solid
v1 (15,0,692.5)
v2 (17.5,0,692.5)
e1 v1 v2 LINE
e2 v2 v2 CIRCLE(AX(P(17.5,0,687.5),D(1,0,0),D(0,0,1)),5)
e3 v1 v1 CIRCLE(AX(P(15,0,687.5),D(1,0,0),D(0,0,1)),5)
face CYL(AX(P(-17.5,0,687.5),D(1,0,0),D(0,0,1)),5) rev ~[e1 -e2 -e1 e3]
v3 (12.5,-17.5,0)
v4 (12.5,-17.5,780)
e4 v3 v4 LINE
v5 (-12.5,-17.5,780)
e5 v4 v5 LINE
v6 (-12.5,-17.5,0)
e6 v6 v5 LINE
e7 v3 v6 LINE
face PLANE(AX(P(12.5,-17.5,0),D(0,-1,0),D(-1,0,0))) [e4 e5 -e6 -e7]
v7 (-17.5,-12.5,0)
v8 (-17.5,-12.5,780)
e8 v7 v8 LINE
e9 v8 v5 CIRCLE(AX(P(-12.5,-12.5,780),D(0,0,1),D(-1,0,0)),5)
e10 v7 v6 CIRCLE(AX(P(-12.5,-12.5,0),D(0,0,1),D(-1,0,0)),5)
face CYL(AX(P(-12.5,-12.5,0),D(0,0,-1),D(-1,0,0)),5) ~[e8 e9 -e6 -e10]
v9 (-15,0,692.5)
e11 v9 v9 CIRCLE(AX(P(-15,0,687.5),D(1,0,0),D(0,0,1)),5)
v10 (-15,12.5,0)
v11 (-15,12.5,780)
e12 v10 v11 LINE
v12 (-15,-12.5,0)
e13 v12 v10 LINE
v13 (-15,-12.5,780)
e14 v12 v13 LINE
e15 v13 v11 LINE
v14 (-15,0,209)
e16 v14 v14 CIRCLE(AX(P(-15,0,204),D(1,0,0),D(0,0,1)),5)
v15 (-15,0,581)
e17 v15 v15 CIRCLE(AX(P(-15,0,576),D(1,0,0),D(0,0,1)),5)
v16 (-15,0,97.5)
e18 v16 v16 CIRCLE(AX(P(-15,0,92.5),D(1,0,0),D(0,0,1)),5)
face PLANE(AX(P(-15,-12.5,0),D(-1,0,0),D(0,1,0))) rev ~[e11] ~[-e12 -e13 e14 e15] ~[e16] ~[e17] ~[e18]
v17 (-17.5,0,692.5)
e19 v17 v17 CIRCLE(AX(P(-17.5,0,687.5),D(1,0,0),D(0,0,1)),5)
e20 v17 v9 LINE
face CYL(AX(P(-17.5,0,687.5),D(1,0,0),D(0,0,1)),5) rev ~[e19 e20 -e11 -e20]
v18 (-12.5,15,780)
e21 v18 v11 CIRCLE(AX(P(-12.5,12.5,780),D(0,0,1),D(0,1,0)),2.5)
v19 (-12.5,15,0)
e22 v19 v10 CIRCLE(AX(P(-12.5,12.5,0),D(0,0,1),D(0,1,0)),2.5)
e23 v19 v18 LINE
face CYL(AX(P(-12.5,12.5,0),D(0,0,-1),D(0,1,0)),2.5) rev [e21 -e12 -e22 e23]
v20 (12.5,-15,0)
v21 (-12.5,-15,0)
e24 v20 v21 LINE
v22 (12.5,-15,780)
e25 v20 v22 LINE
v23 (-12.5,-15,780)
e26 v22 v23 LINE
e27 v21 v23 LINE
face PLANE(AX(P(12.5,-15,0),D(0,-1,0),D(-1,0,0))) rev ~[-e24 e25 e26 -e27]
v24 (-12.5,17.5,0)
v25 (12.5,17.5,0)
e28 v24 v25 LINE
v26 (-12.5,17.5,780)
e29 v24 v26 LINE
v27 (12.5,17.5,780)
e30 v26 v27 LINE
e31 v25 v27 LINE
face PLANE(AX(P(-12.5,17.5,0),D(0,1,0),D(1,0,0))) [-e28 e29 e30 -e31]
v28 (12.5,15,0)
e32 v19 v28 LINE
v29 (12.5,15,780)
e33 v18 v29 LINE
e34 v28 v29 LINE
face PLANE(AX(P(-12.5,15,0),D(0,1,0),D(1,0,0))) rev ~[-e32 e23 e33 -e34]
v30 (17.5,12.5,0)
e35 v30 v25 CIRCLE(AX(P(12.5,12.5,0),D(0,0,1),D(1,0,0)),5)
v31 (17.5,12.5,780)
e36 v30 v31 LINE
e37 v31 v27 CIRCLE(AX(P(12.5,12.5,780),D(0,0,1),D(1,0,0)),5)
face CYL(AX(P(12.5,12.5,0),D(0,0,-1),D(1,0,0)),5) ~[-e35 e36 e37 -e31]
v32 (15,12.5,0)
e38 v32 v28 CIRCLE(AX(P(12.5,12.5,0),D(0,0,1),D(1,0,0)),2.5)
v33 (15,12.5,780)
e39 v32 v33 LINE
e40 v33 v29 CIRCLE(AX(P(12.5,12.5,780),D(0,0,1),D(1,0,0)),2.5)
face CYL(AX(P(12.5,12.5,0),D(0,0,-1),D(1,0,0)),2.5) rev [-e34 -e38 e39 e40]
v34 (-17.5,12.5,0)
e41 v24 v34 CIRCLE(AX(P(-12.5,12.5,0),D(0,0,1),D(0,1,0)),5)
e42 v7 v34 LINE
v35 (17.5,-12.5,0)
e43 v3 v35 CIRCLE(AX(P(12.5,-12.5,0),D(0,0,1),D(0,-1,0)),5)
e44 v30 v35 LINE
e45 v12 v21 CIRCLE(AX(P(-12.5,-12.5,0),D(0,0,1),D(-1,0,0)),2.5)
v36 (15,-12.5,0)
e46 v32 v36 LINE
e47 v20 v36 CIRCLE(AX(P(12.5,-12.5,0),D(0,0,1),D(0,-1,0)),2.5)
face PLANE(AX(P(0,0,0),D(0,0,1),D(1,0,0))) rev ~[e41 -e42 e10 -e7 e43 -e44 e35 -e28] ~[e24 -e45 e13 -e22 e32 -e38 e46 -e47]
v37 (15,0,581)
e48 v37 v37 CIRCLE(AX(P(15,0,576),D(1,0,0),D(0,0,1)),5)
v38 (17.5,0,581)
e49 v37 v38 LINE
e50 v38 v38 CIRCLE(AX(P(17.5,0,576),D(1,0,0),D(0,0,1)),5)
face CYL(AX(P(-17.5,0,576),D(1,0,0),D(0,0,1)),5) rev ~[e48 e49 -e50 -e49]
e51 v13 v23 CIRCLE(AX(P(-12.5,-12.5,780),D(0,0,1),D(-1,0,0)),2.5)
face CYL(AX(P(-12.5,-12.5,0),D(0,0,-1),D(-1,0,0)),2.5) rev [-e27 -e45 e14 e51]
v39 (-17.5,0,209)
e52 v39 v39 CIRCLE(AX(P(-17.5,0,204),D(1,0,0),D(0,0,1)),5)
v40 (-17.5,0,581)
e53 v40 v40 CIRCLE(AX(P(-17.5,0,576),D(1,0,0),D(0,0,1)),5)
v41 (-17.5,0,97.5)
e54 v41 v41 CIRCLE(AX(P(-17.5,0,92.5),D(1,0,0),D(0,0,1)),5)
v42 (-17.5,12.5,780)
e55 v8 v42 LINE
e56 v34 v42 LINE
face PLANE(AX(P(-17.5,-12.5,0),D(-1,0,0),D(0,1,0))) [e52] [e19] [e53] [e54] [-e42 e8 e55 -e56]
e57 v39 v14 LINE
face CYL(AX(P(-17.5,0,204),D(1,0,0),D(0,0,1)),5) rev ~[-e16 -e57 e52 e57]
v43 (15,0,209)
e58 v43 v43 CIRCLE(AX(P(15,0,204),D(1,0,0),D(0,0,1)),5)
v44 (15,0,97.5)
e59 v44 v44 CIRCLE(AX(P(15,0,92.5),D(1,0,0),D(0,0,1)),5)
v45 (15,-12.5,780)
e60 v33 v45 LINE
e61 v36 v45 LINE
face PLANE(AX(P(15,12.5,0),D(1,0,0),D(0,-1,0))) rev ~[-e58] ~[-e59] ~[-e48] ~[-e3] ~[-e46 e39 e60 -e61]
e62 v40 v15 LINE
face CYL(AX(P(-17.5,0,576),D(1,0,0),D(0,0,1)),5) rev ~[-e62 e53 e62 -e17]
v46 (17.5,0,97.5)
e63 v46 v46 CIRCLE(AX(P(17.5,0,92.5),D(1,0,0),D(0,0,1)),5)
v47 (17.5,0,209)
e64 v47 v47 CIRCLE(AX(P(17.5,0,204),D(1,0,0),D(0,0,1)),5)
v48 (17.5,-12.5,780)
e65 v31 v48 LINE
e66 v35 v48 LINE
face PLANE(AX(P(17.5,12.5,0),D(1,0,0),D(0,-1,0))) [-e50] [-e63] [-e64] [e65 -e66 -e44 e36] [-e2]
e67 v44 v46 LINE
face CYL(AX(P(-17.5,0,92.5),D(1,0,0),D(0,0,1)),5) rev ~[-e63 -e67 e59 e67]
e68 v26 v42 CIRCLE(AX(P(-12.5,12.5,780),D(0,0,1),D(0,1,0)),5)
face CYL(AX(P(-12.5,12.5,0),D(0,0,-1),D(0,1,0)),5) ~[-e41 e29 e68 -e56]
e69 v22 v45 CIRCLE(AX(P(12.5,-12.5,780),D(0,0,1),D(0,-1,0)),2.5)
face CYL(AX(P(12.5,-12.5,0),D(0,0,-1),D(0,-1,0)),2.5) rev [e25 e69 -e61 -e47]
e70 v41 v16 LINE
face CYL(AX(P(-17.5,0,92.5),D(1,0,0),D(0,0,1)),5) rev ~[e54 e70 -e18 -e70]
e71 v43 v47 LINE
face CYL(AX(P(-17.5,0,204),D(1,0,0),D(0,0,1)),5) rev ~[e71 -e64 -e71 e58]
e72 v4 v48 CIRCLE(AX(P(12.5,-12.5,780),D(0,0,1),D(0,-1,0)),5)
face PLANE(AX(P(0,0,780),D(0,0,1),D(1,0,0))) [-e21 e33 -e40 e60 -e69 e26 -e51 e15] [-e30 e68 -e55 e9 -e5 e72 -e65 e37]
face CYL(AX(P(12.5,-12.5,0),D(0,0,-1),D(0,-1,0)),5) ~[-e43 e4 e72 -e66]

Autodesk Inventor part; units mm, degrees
ref_plane "YZ Plane" through (0, 0, 0) normal (1, 0, 0) x (0, 1, 0)
ref_plane "Start plane" through (0, 0, 0) normal (0, 0, 1) x (1, 0, 0)
ref_plane "End plane" through (0, 0, 780) normal (0, 0, 1) x (1, 0, 0)
sketch "Sketch" plane through (0, 0, 0) normal (0, 0, 1) x (1, 0, 0)
  line L0 (-17.5, -12.5) -> (-17.5, 12.5)
  line L1 (-12.5, 17.5) -> (12.5, 17.5)
  line L2 (17.5, 12.5) -> (17.5, -12.5)
  line L3 (12.5, -17.5) -> (-12.5, -17.5)
  arc A0 (-17.5, -12.5) -> (-12.5, -17.5) centre (-12.5, -12.5) ccw
  arc A1 (-12.5, 17.5) -> (-17.5, 12.5) centre (-12.5, 12.5) ccw
  arc A2 (17.5, 12.5) -> (12.5, 17.5) centre (12.5, 12.5) ccw
  arc A3 (12.5, -17.5) -> (17.5, -12.5) centre (12.5, -12.5) ccw
  arc A4 (-12.5, 15) -> (-15, 12.5) centre (-12.5, 12.5) ccw
  line L4 (-12.5, 15) -> (12.5, 15)
  arc A5 (15, 12.5) -> (12.5, 15) centre (12.5, 12.5) ccw
  line L5 (15, 12.5) -> (15, -12.5)
  arc A6 (12.5, -15) -> (15, -12.5) centre (12.5, -12.5) ccw
  line L6 (12.5, -15) -> (-12.5, -15)
  arc A7 (-15, -12.5) -> (-12.5, -15) centre (-12.5, -12.5) ccw
  line L7 (-15, -12.5) -> (-15, 12.5)
  line L8 (0, 25.9497) -> (0, -25.9497) construction
  line L9 (-25.9497, 0) -> (25.9497, 0) construction
  dimension "d7" = 5
  dimension "d10" = 35
  dimension "d11" = 35
  dimension "d12" = 2.5
  dimension "d15" = 17.5
  dimension "d16" = 17.5
extrude "Body" add sketch "Sketch" along normal up to surface (780 mm away) from surface at 0
sketch "Sketch3" plane through (0, 0, 0) normal (0, 0, 1) x (1, 0, 0)
  line L0 (0, 0) -> (10, 0)
ref_plane "Work Plane3" through (0, 0, 0) normal (0, -1, 0) x (1, 0, 0)
sketch "Sketch4" plane through (0, 0, 0) normal (0, -1, 0) x (1, 0, 0)
  line L0 (-2, 0) -> (12, 0)
  line L1 (-2, 780) -> (12, 780)
  dimension "d18" = 780
sketch "Sketch5" plane through (-17.5, 12.5, 0) normal (-1, 0, 0) x (0, 0, 1)
  line L0 (780, -25) -> (780, 0) construction
  line L1 (0, 0) -> (780, 0) construction
  line L2 (0, -25) -> (0, 0) construction
  line L3 (0, -25) -> (780, -25) construction
  line L4 (17.5, -375) -> (17.5, 70) construction
  line L5 (762.5, 70) -> (762.5, 5) construction
  line L6 (0, -25) -> (780, -25) construction
  line L7 (92.5, -25) -> (92.5, 0) construction
  line L8 (204, -25) -> (204, 0) construction
  line L9 (687.5, -25) -> (687.5, 0) construction
  line L10 (576, -25) -> (576, 0) construction
  line L11 (576, -12.5) -> (687.5, -12.5) construction
  line L12 (92.5, -12.5) -> (204, -12.5) construction
  point P0 (0, -12.5)
  dimension "d19" = 75
  dimension "d20" = 111.5
  dimension "d21" = 75
  dimension "d22" = 111.5
hole "Hole1" at (-17.5, 0, 92.5) at (-17.5, 0, 204) at (-17.5, 0, 576) at (-17.5, 0, 687.5) direction (1, 0, 0) diameter 10 end through all
equation "\"d7\" = G_IR"
equation "\"d10\" = G_H"
equation "\"d11\" = G_W"
equation "\"d12\" = G_T"
equation "\"d15\" = 0.5 * d10"
equation "\"d16\" = 0.5 * d11"
equation "\"d3\" = G_L"
equation "\"G_W\" = 35"
equation "\"G_H\" = 35"
equation "\"G_T\" = 2.5"
equation "\"G_IR\" = 5"
equation "\"G_L\" = d18"
equation "\"G_OFFSET_START\" = 0"
equation "\"G_OFFSET_END\" = 0"
properties part number "AS 1163 - C350L0 35x35x2.5 SHS - 780" material "Steel, Mild"
